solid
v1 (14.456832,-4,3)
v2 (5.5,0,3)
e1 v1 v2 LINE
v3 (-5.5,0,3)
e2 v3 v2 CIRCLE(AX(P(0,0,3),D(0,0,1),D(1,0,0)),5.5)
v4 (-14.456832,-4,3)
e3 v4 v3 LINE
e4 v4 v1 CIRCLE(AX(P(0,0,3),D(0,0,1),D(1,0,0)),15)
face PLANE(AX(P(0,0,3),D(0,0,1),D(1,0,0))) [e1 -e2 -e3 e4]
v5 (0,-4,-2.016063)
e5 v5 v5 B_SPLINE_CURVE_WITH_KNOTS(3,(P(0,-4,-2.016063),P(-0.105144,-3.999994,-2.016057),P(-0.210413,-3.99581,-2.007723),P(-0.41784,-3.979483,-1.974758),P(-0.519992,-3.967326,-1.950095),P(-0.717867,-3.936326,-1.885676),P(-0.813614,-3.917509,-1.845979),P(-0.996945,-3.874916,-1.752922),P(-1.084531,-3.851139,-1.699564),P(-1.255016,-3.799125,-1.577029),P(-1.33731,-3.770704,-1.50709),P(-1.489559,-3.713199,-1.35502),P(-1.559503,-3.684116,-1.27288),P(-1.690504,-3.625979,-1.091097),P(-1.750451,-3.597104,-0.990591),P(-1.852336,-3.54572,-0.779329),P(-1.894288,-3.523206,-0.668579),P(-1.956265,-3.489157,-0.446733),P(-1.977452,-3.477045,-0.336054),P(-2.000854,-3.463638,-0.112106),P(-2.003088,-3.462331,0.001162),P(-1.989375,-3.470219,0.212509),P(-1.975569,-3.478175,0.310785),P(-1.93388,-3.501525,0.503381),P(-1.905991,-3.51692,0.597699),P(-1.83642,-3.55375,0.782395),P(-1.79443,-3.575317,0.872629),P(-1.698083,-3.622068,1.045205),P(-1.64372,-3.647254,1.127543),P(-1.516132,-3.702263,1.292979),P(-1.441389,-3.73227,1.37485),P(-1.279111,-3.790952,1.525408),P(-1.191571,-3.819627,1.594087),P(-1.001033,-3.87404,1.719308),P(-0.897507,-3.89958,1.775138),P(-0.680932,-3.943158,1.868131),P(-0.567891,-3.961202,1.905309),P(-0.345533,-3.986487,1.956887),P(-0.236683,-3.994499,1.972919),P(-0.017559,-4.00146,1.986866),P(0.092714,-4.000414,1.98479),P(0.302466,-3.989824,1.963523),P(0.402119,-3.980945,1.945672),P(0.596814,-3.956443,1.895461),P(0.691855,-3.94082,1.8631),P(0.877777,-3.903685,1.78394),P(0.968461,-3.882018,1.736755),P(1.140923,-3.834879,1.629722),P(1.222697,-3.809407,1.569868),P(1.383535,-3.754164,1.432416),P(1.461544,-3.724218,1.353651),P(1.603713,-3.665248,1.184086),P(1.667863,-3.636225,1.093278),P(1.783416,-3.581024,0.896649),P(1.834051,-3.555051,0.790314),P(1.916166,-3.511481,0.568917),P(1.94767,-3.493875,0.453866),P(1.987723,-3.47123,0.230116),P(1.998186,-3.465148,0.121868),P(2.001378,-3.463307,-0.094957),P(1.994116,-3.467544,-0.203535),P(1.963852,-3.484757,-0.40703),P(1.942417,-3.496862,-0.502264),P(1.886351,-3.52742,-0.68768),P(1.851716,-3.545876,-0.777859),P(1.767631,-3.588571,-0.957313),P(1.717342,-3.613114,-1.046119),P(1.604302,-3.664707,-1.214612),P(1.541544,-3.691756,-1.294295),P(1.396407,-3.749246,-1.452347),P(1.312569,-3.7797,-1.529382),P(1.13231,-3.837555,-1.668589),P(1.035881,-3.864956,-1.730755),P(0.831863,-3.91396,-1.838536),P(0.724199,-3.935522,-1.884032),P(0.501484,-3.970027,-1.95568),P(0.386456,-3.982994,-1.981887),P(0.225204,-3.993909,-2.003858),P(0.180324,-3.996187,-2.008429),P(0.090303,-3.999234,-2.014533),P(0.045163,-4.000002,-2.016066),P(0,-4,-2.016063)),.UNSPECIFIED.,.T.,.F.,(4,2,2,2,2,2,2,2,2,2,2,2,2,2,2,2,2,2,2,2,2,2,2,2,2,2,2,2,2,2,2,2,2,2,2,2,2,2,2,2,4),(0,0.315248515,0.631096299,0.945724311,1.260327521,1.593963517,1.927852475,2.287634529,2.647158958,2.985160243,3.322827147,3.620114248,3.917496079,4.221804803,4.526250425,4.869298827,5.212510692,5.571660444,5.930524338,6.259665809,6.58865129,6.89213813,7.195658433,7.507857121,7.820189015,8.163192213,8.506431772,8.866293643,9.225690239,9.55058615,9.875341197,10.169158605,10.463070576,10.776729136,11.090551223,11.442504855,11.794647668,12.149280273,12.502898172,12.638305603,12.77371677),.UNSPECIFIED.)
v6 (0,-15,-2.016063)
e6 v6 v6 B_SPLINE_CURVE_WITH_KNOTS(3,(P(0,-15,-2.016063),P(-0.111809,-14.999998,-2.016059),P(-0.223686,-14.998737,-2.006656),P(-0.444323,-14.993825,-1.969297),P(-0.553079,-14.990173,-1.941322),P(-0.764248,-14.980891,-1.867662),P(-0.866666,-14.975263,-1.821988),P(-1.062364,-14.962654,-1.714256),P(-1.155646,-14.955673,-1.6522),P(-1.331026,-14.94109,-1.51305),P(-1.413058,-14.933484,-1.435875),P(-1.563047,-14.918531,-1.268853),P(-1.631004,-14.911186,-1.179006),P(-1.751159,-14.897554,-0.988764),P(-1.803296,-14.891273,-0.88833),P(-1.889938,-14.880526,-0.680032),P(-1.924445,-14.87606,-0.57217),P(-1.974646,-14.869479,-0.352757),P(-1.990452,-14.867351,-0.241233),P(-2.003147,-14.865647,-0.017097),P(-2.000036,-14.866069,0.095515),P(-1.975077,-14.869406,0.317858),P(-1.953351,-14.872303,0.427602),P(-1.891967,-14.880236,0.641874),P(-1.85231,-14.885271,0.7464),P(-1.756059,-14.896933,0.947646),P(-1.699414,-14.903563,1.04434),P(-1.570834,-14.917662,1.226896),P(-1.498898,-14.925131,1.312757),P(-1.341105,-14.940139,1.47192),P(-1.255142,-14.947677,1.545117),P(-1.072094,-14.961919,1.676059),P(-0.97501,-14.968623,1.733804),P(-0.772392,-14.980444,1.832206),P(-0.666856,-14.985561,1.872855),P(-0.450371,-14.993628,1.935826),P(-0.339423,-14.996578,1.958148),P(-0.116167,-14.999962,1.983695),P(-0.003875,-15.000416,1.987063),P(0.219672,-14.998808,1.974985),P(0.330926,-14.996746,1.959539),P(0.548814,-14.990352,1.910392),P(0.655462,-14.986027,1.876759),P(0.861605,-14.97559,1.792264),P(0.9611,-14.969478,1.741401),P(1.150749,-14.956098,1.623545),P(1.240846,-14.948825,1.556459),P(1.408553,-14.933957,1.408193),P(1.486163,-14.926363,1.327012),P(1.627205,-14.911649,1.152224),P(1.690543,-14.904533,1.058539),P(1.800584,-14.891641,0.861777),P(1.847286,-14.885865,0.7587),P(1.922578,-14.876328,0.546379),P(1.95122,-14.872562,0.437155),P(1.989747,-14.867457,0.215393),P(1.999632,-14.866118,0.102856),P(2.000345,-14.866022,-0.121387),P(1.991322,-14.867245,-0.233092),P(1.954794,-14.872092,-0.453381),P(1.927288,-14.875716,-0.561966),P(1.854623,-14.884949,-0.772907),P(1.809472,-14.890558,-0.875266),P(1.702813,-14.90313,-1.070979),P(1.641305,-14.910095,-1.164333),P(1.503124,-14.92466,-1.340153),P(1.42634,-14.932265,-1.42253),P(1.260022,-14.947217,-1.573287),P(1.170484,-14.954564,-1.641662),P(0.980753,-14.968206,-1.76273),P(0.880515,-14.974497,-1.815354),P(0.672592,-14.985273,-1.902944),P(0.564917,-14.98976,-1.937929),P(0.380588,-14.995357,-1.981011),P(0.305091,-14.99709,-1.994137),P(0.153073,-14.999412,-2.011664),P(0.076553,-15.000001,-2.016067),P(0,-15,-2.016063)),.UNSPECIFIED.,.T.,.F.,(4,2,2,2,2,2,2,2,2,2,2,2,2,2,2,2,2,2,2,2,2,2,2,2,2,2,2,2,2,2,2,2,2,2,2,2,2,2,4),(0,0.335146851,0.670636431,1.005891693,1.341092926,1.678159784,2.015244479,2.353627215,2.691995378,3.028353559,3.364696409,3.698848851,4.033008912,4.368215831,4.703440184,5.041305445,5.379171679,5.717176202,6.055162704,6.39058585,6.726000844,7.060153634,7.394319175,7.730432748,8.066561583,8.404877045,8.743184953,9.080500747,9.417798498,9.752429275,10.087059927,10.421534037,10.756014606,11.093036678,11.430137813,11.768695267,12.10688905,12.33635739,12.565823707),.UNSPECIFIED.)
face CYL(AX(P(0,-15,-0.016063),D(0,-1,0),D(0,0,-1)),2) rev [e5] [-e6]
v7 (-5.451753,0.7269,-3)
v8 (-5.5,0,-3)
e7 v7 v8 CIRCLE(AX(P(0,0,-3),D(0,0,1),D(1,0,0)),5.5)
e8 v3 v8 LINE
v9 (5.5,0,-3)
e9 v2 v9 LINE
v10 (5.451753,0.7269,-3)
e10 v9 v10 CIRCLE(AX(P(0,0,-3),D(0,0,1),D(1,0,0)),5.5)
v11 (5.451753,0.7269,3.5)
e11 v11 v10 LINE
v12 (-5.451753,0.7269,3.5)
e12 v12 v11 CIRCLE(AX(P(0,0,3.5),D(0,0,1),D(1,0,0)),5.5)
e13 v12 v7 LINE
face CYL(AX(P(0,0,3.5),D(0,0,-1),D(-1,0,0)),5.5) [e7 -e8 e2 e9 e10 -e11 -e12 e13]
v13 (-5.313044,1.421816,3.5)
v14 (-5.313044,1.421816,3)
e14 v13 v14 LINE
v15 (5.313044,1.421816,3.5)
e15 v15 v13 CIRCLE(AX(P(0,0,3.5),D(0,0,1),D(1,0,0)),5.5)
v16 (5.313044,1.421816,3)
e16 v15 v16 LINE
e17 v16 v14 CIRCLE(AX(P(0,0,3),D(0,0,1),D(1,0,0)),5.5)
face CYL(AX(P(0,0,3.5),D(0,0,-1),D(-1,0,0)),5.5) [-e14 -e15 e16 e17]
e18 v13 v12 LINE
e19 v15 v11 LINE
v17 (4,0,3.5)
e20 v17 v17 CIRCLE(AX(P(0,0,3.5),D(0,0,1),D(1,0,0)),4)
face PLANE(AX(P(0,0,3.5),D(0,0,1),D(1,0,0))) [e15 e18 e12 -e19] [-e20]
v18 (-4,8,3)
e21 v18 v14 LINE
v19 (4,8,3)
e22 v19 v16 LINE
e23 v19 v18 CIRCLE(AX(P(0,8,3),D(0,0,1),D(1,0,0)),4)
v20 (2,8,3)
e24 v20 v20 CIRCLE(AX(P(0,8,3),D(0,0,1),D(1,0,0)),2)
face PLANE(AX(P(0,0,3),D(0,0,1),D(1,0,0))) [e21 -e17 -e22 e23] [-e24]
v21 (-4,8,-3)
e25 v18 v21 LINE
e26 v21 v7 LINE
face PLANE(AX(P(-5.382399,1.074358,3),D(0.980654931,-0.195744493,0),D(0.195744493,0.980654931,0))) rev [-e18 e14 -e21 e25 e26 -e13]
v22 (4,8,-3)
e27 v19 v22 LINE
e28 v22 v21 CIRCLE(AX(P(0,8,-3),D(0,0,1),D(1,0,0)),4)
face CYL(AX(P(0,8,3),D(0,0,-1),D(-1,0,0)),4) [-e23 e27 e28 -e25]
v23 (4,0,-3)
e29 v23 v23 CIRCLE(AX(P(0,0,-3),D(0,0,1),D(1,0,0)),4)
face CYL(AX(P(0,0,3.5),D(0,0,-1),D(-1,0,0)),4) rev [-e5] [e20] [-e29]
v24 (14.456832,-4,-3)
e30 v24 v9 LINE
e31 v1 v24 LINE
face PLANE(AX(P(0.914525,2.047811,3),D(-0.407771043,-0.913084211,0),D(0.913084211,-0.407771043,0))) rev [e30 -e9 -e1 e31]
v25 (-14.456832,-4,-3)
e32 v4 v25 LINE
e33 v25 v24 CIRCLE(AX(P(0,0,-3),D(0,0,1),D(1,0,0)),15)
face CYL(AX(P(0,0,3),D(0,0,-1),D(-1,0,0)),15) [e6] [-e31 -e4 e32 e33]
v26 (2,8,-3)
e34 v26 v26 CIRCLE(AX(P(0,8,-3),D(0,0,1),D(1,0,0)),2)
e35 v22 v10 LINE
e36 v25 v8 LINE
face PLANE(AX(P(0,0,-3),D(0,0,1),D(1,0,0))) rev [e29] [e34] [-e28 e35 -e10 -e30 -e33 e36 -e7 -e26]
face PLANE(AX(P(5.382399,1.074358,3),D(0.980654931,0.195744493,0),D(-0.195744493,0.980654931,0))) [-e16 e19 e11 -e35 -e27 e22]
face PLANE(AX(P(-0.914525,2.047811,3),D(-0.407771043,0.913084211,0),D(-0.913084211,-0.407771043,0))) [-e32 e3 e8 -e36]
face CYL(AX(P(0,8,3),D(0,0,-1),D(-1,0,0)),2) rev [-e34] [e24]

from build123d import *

# Parameters (mm, degrees)
BOSS_EXTRUDE1_DEPTH          = 3
SKETCH1_R                    = 2
BOSS_EXTRUDE1_2_DEPTH        = 3
BOSS_EXTRUDE4_START          = 3.5
BOSS_EXTRUDE4_DEPTH          = 6.5
F_4_0_4_DIAMETER_HOLE1_D     = 4
F_4_0_4_DIAMETER_HOLE1_DEPTH = 15


with BuildPart() as part:
    # Sketch1 → Boss-Extrude1 (new, symmetric)
    with BuildSketch(Plane.XY):
        with BuildLine():
            Line((-5.5, 0), (-14.456832294800959, -4))
            ThreePointArc((-14.45683229480096, -4.000000000000001), (1.78e-15, -15), (14.456832294800964, -4))
            Line((14.456832294800959, -4), (5.5, 0))
            ThreePointArc((5.5, -1.35e-15), (3.8890872965259793, -3.8890872965260432), (-8.406e-14, -5.5))
            ThreePointArc((-8.406e-14, -5.5), (-3.8890872965260415, -3.8890872965259815), (-5.5, 6.7e-16))
        make_face()
    extrude(amount=BOSS_EXTRUDE1_DEPTH, both=True)



with BuildPart() as body_2:
    # Sketch1 → Boss-Extrude1 2 (new, symmetric)
    with BuildSketch(Plane.XY):
        with BuildLine():
            Line((-4, 8), (-5.313044131475103, 1.4218164638932054))
            ThreePointArc((-5.313044131475121, 1.4218164638932076), (-6.7e-16, 5.5), (5.313044131475121, 1.421816463893209))
            Line((5.313044131475103, 1.4218164638932063), (4, 8))
            ThreePointArc((4, 8), (2e-17, 12), (-4, 8))
        make_face()
        with Locations((8.9e-16, 8)):
            Circle(SKETCH1_R, mode=Mode.SUBTRACT)
    extrude(amount=BOSS_EXTRUDE1_2_DEPTH, both=True)


with BuildPart() as part_1:
    add(part.part)

    add(body_2.part)  # Boss-Extrude4 merges body 2
    # Sketch1<5> → Boss-Extrude4 (add)
    with BuildSketch(Plane.XY.offset(BOSS_EXTRUDE4_START)):
        with BuildLine():
            Line((0, -4), (0, -5.5))
            ThreePointArc((-8.406e-14, -5.5), (3.8890872965259793, -3.8890872965260432), (5.5, -1.35e-15))
            ThreePointArc((5.5, 0), (5.487925108620274, 0.3642499171930612), (5.45175345375449, 0.7269004605006023))
            Line((5.45175345375449, 0.7269004605006018), (5.313044131475103, 1.4218164638932063))
            ThreePointArc((5.31304413147512, 1.421816463893209), (3.348881115282156, 4.362911330259479), (-8.271e-14, 5.5))
            Line((0, 5.500000000000002), (0, 4))
            ThreePointArc((-1.2321e-13, 4), (2.8284271247461463, 2.828427124746234), (4, 0))
            ThreePointArc((4, -9.8e-16), (2.8284271247461468, -2.8284271247462334), (-1.2508e-13, -4))
        make_face()
        with BuildLine():
            ThreePointArc((-5.45175345375449, 0.7269004605006025), (-5.487925108620274, 0.36424991719306166), (-5.5, 6.7e-16))
            ThreePointArc((-5.5, 6.7e-16), (-3.8890872965260415, -3.8890872965259815), (-8.406e-14, -5.5))
            Line((0, -5.5), (0, -4))
            ThreePointArc((-1.2508e-13, -4), (-4, 4.9e-16), (-1.2321e-13, 4))
            Line((0, 4), (0, 5.500000000000002))
            ThreePointArc((-8.271e-14, 5.5), (-3.3488811152822207, 4.36291133025943), (-5.31304413147512, 1.4218164638932085))
            Line((-5.313044131475103, 1.4218164638932054), (-5.45175345375449, 0.7269004605006018))
        make_face()
    extrude(amount=-BOSS_EXTRUDE4_DEPTH)

    # Ø4.0 (4) Diameter Hole1
    with Locations(Plane(origin=(0, -15, -0.016063309), x_dir=(-1, 0, 0), z_dir=(0, -1, 0))):
        with Locations((0, 0)):
            Hole(F_4_0_4_DIAMETER_HOLE1_D / 2, depth=F_4_0_4_DIAMETER_HOLE1_DEPTH)


solid = part_1.part
